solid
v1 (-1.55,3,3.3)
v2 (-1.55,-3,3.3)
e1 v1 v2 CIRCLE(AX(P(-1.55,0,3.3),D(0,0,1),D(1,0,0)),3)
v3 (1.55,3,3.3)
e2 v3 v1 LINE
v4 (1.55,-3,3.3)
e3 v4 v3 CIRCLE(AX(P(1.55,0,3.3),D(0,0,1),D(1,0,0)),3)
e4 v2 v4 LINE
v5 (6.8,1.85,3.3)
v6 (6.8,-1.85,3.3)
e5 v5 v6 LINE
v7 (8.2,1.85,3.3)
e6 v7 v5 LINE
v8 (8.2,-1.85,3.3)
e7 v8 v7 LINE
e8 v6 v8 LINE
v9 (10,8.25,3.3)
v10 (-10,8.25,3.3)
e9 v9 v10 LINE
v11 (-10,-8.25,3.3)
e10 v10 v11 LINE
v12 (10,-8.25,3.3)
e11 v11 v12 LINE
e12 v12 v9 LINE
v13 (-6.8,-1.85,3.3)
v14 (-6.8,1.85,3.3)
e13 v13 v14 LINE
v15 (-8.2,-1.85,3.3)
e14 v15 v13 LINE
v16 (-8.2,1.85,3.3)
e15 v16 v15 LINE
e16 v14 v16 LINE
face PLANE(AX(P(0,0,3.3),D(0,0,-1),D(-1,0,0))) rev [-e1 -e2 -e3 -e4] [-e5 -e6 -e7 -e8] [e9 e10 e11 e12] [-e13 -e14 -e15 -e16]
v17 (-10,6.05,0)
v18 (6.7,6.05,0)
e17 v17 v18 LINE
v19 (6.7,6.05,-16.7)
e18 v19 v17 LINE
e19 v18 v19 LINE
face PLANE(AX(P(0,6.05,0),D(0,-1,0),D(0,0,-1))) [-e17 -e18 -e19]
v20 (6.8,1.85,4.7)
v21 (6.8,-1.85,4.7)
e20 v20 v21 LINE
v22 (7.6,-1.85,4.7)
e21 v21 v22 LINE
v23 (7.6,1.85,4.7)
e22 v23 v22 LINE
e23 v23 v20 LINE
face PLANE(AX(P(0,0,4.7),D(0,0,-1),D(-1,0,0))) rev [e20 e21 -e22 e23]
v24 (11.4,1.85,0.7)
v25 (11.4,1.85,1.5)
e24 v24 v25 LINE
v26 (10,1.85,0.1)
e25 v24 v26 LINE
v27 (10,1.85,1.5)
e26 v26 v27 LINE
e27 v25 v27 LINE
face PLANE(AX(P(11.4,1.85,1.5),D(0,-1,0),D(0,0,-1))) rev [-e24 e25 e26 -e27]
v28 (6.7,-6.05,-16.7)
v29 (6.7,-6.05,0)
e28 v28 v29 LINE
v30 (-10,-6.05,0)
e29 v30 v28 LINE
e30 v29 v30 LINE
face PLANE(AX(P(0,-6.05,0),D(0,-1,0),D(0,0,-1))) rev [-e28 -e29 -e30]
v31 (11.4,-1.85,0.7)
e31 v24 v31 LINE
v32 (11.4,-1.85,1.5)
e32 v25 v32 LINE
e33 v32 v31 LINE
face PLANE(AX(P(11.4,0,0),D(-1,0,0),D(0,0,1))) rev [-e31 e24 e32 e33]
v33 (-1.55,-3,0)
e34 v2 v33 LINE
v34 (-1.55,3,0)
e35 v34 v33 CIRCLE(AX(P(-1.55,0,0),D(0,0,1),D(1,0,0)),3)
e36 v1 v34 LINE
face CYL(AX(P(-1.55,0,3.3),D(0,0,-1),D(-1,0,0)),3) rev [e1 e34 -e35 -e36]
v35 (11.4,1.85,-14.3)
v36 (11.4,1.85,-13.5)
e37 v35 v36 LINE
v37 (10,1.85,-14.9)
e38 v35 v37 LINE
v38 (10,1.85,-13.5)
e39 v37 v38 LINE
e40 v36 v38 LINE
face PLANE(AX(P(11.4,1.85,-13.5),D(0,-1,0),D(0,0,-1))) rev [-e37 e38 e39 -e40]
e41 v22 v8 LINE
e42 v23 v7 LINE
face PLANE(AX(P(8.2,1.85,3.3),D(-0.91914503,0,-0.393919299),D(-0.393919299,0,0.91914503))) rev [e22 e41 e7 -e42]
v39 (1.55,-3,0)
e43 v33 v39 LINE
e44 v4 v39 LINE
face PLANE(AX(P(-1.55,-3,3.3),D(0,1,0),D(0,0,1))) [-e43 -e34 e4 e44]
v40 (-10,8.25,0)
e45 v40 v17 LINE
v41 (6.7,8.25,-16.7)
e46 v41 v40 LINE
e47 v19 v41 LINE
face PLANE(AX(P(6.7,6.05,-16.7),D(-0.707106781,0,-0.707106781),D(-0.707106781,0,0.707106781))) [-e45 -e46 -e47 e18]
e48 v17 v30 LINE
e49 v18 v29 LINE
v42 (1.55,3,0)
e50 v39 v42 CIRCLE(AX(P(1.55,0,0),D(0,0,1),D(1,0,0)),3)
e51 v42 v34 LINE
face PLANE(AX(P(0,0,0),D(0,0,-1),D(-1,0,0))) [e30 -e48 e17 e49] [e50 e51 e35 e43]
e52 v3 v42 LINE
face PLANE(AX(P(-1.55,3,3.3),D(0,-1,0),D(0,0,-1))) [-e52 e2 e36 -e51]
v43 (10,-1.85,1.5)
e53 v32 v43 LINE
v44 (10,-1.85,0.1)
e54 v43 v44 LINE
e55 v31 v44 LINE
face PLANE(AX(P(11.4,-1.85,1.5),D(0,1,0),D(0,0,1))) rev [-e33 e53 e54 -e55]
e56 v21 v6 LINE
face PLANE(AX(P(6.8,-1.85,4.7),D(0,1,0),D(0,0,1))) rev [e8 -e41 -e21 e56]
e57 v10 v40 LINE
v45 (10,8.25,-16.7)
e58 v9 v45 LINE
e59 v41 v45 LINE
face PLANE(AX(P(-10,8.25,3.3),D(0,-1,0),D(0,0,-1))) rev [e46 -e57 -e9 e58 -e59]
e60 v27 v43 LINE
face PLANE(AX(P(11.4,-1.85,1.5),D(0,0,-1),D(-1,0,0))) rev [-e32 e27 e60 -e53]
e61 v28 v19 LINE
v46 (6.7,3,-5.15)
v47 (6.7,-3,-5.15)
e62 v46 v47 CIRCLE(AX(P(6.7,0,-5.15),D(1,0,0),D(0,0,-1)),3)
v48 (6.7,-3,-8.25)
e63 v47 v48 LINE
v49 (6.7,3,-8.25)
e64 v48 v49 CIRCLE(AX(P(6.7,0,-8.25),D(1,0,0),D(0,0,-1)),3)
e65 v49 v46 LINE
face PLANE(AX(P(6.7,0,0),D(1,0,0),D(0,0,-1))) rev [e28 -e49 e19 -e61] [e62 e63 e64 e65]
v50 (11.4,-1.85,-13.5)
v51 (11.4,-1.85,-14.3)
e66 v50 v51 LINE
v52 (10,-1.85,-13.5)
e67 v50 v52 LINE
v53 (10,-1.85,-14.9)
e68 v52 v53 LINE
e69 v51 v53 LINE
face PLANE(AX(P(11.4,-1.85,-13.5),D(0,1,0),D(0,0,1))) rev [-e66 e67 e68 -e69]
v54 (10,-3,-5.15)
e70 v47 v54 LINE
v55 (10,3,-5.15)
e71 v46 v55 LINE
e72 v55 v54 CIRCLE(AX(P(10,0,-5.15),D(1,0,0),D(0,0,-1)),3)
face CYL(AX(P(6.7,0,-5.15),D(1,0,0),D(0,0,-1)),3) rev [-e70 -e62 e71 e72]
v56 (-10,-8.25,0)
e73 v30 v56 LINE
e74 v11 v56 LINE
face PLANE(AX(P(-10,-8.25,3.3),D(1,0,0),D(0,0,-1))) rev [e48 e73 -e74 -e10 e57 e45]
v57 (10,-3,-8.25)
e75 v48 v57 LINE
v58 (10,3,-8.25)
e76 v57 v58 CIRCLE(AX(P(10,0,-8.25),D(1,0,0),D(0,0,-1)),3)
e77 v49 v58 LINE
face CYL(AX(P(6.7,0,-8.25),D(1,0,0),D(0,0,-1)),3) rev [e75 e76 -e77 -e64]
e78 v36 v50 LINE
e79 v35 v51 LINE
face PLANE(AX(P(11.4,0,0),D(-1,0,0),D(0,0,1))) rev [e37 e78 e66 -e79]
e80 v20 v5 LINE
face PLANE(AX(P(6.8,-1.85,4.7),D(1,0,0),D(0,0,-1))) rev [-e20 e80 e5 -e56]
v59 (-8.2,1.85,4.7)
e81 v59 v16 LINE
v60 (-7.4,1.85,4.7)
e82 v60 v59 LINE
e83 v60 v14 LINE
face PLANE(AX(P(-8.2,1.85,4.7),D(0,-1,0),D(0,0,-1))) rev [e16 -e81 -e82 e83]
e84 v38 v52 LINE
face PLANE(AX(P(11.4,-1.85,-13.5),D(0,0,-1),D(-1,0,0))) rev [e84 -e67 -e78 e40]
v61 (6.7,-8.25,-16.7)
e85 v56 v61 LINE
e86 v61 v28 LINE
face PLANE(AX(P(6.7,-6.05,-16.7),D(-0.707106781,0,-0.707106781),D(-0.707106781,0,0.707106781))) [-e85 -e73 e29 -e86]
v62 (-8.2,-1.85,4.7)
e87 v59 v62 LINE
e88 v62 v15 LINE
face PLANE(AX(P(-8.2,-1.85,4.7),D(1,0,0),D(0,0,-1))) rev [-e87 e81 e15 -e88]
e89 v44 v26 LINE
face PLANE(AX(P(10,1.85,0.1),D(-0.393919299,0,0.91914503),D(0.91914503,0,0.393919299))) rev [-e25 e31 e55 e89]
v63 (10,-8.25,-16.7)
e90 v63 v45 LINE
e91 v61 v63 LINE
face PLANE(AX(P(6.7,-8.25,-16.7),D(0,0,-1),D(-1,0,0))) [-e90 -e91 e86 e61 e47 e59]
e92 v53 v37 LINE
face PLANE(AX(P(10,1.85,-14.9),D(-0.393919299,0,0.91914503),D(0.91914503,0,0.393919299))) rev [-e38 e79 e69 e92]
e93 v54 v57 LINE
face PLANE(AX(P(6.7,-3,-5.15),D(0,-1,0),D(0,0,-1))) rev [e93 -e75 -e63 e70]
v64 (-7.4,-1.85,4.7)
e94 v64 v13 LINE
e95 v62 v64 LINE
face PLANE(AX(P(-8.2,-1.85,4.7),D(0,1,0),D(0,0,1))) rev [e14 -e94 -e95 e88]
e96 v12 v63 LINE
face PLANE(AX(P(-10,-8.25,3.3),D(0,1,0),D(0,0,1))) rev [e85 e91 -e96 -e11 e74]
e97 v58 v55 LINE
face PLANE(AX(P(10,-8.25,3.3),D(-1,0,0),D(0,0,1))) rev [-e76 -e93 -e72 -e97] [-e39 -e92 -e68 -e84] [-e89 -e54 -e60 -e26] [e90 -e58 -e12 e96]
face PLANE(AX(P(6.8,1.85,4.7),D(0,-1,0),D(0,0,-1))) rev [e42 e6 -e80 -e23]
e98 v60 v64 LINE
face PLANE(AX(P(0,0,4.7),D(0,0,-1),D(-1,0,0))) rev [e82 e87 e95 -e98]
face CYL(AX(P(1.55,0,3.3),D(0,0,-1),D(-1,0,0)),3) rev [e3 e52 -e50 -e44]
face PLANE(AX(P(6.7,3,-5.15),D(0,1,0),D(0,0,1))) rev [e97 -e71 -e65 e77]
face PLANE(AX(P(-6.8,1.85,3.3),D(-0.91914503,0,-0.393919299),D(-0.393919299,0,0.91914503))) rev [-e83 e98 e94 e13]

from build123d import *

# Parameters (mm, degrees)
CROQUIS1_W              = 20
CROQUIS1_H              = 16.5
SALIENTE_EXTRUIR1_DEPTH = 3.3
CROQUIS2_W              = 1.4
CROQUIS2_H              = 3.7
SALIENTE_EXTRUIR2_DEPTH = 1.4
CORTAR_EXTRUIR1_DEPTH   = 3.7
CORTAR_EXTRUIR2_DEPTH   = 3.7
CROQUIS6_W              = 20
CROQUIS6_H              = 16.5
SALIENTE_EXTRUIR3_DEPTH = 3.3
CROQUIS7_W              = 1.4
CROQUIS7_H              = 3.7
SALIENTE_EXTRUIR4_DEPTH = 1.4
CORTAR_EXTRUIR3_DEPTH   = 3.7
CORTAR_EXTRUIR4_DEPTH   = 3.7
SALIENTE_EXTRUIR5_DEPTH = 2.2
SALIENTE_EXTRUIR6_DEPTH = 2.2


with BuildPart() as part:
    # Croquis1 → Saliente-Extruir1 (new body)
    with BuildSketch(Plane.XY):
        Rectangle(CROQUIS1_W, CROQUIS1_H)
        with BuildLine():
            Line((-1.55, 3), (1.55, 3))
            ThreePointArc((1.55, 3), (4.55, 0), (1.55, -3))
            Line((1.55, -3), (-1.55, -3))
            ThreePointArc((-1.55, -3), (-4.55, 0), (-1.55, 3))
        make_face(mode=Mode.SUBTRACT)
    extrude(amount=SALIENTE_EXTRUIR1_DEPTH)

    # Croquis2 → Saliente-Extruir2 (add)
    with BuildSketch(Plane.XY.offset(3.3)):
        with Locations((-7.5, 0)):
            Rectangle(CROQUIS2_W, CROQUIS2_H)
        with Locations((7.5, 0)):
            Rectangle(CROQUIS2_W, CROQUIS2_H)
    extrude(amount=SALIENTE_EXTRUIR2_DEPTH)

    # Croquis4 → Cortar-Extruir1 (cut)
    with BuildSketch(Plane.XZ.offset(1.85)):
        Polygon((8.2, 3.3), (7.6, 4.7), (8.2, 4.7), align=None)
    extrude(amount=-CORTAR_EXTRUIR1_DEPTH, mode=Mode.SUBTRACT)

    # Croquis5 → Cortar-Extruir2 (cut)
    with BuildSketch(Plane.XZ.offset(1.85)):
        Polygon((-6.8, 3.3), (-7.4, 4.7), (-6.8, 4.7), align=None)
    extrude(amount=-CORTAR_EXTRUIR2_DEPTH, mode=Mode.SUBTRACT)

    # Croquis6 → Saliente-Extruir3 (add)
    with BuildSketch(Plane(origin=(10, 0, 0), x_dir=(0, 0, -1), z_dir=(1, 0, 0))):
        with Locations((6.7, 0)):
            Rectangle(CROQUIS6_W, CROQUIS6_H)
        with BuildLine():
            Line((5.15, 3), (8.25, 3))
            ThreePointArc((8.25, 3), (11.25, 0), (8.25, -3))
            Line((8.25, -3), (5.15, -3))
            ThreePointArc((5.15, -3), (2.15, 0), (5.15, 3))
        make_face(mode=Mode.SUBTRACT)
    extrude(amount=-SALIENTE_EXTRUIR3_DEPTH)

    # Croquis7 → Saliente-Extruir4 (add)
    with BuildSketch(Plane(origin=(10, 0, 0), x_dir=(0, 0, -1), z_dir=(1, 0, 0))):
        with Locations((-0.8, 0)):
            Rectangle(CROQUIS7_W, CROQUIS7_H)
        with Locations((14.2, 0)):
            Rectangle(CROQUIS7_W, CROQUIS7_H)
    extrude(amount=SALIENTE_EXTRUIR4_DEPTH)

    # Croquis11 → Cortar-Extruir3 (cut)
    with BuildSketch(Plane.XZ.offset(1.85)):
        Polygon((11.4, 0.1), (10, 0.1), (11.4, 0.7), align=None)
    extrude(amount=-CORTAR_EXTRUIR3_DEPTH, mode=Mode.SUBTRACT)

    # Croquis12 → Cortar-Extruir4 (cut)
    with BuildSketch(Plane.XZ.offset(1.85)):
        Polygon((11.4, -14.9), (10, -14.9), (11.4, -14.3), align=None)
    extrude(amount=-CORTAR_EXTRUIR4_DEPTH, mode=Mode.SUBTRACT)

    # Croquis13 → Saliente-Extruir5 (add)
    with BuildSketch(Plane(origin=(0, -8.25, 0), x_dir=(-1, 0, 0), z_dir=(0, -1, 0))):
        Polygon((-6.7, 16.7), (10, 0), (-6.7, 0), align=None)
    extrude(amount=-SALIENTE_EXTRUIR5_DEPTH)

    # Croquis14 → Saliente-Extruir6 (add)
    with BuildSketch(Plane(origin=(0, 8.25, 0), x_dir=(1, 0, 0), z_dir=(0, 1, 0))):
        Polygon((6.7, 16.7), (-10, 0), (6.7, 0), align=None)
    extrude(amount=-SALIENTE_EXTRUIR6_DEPTH)


solid = part.part
